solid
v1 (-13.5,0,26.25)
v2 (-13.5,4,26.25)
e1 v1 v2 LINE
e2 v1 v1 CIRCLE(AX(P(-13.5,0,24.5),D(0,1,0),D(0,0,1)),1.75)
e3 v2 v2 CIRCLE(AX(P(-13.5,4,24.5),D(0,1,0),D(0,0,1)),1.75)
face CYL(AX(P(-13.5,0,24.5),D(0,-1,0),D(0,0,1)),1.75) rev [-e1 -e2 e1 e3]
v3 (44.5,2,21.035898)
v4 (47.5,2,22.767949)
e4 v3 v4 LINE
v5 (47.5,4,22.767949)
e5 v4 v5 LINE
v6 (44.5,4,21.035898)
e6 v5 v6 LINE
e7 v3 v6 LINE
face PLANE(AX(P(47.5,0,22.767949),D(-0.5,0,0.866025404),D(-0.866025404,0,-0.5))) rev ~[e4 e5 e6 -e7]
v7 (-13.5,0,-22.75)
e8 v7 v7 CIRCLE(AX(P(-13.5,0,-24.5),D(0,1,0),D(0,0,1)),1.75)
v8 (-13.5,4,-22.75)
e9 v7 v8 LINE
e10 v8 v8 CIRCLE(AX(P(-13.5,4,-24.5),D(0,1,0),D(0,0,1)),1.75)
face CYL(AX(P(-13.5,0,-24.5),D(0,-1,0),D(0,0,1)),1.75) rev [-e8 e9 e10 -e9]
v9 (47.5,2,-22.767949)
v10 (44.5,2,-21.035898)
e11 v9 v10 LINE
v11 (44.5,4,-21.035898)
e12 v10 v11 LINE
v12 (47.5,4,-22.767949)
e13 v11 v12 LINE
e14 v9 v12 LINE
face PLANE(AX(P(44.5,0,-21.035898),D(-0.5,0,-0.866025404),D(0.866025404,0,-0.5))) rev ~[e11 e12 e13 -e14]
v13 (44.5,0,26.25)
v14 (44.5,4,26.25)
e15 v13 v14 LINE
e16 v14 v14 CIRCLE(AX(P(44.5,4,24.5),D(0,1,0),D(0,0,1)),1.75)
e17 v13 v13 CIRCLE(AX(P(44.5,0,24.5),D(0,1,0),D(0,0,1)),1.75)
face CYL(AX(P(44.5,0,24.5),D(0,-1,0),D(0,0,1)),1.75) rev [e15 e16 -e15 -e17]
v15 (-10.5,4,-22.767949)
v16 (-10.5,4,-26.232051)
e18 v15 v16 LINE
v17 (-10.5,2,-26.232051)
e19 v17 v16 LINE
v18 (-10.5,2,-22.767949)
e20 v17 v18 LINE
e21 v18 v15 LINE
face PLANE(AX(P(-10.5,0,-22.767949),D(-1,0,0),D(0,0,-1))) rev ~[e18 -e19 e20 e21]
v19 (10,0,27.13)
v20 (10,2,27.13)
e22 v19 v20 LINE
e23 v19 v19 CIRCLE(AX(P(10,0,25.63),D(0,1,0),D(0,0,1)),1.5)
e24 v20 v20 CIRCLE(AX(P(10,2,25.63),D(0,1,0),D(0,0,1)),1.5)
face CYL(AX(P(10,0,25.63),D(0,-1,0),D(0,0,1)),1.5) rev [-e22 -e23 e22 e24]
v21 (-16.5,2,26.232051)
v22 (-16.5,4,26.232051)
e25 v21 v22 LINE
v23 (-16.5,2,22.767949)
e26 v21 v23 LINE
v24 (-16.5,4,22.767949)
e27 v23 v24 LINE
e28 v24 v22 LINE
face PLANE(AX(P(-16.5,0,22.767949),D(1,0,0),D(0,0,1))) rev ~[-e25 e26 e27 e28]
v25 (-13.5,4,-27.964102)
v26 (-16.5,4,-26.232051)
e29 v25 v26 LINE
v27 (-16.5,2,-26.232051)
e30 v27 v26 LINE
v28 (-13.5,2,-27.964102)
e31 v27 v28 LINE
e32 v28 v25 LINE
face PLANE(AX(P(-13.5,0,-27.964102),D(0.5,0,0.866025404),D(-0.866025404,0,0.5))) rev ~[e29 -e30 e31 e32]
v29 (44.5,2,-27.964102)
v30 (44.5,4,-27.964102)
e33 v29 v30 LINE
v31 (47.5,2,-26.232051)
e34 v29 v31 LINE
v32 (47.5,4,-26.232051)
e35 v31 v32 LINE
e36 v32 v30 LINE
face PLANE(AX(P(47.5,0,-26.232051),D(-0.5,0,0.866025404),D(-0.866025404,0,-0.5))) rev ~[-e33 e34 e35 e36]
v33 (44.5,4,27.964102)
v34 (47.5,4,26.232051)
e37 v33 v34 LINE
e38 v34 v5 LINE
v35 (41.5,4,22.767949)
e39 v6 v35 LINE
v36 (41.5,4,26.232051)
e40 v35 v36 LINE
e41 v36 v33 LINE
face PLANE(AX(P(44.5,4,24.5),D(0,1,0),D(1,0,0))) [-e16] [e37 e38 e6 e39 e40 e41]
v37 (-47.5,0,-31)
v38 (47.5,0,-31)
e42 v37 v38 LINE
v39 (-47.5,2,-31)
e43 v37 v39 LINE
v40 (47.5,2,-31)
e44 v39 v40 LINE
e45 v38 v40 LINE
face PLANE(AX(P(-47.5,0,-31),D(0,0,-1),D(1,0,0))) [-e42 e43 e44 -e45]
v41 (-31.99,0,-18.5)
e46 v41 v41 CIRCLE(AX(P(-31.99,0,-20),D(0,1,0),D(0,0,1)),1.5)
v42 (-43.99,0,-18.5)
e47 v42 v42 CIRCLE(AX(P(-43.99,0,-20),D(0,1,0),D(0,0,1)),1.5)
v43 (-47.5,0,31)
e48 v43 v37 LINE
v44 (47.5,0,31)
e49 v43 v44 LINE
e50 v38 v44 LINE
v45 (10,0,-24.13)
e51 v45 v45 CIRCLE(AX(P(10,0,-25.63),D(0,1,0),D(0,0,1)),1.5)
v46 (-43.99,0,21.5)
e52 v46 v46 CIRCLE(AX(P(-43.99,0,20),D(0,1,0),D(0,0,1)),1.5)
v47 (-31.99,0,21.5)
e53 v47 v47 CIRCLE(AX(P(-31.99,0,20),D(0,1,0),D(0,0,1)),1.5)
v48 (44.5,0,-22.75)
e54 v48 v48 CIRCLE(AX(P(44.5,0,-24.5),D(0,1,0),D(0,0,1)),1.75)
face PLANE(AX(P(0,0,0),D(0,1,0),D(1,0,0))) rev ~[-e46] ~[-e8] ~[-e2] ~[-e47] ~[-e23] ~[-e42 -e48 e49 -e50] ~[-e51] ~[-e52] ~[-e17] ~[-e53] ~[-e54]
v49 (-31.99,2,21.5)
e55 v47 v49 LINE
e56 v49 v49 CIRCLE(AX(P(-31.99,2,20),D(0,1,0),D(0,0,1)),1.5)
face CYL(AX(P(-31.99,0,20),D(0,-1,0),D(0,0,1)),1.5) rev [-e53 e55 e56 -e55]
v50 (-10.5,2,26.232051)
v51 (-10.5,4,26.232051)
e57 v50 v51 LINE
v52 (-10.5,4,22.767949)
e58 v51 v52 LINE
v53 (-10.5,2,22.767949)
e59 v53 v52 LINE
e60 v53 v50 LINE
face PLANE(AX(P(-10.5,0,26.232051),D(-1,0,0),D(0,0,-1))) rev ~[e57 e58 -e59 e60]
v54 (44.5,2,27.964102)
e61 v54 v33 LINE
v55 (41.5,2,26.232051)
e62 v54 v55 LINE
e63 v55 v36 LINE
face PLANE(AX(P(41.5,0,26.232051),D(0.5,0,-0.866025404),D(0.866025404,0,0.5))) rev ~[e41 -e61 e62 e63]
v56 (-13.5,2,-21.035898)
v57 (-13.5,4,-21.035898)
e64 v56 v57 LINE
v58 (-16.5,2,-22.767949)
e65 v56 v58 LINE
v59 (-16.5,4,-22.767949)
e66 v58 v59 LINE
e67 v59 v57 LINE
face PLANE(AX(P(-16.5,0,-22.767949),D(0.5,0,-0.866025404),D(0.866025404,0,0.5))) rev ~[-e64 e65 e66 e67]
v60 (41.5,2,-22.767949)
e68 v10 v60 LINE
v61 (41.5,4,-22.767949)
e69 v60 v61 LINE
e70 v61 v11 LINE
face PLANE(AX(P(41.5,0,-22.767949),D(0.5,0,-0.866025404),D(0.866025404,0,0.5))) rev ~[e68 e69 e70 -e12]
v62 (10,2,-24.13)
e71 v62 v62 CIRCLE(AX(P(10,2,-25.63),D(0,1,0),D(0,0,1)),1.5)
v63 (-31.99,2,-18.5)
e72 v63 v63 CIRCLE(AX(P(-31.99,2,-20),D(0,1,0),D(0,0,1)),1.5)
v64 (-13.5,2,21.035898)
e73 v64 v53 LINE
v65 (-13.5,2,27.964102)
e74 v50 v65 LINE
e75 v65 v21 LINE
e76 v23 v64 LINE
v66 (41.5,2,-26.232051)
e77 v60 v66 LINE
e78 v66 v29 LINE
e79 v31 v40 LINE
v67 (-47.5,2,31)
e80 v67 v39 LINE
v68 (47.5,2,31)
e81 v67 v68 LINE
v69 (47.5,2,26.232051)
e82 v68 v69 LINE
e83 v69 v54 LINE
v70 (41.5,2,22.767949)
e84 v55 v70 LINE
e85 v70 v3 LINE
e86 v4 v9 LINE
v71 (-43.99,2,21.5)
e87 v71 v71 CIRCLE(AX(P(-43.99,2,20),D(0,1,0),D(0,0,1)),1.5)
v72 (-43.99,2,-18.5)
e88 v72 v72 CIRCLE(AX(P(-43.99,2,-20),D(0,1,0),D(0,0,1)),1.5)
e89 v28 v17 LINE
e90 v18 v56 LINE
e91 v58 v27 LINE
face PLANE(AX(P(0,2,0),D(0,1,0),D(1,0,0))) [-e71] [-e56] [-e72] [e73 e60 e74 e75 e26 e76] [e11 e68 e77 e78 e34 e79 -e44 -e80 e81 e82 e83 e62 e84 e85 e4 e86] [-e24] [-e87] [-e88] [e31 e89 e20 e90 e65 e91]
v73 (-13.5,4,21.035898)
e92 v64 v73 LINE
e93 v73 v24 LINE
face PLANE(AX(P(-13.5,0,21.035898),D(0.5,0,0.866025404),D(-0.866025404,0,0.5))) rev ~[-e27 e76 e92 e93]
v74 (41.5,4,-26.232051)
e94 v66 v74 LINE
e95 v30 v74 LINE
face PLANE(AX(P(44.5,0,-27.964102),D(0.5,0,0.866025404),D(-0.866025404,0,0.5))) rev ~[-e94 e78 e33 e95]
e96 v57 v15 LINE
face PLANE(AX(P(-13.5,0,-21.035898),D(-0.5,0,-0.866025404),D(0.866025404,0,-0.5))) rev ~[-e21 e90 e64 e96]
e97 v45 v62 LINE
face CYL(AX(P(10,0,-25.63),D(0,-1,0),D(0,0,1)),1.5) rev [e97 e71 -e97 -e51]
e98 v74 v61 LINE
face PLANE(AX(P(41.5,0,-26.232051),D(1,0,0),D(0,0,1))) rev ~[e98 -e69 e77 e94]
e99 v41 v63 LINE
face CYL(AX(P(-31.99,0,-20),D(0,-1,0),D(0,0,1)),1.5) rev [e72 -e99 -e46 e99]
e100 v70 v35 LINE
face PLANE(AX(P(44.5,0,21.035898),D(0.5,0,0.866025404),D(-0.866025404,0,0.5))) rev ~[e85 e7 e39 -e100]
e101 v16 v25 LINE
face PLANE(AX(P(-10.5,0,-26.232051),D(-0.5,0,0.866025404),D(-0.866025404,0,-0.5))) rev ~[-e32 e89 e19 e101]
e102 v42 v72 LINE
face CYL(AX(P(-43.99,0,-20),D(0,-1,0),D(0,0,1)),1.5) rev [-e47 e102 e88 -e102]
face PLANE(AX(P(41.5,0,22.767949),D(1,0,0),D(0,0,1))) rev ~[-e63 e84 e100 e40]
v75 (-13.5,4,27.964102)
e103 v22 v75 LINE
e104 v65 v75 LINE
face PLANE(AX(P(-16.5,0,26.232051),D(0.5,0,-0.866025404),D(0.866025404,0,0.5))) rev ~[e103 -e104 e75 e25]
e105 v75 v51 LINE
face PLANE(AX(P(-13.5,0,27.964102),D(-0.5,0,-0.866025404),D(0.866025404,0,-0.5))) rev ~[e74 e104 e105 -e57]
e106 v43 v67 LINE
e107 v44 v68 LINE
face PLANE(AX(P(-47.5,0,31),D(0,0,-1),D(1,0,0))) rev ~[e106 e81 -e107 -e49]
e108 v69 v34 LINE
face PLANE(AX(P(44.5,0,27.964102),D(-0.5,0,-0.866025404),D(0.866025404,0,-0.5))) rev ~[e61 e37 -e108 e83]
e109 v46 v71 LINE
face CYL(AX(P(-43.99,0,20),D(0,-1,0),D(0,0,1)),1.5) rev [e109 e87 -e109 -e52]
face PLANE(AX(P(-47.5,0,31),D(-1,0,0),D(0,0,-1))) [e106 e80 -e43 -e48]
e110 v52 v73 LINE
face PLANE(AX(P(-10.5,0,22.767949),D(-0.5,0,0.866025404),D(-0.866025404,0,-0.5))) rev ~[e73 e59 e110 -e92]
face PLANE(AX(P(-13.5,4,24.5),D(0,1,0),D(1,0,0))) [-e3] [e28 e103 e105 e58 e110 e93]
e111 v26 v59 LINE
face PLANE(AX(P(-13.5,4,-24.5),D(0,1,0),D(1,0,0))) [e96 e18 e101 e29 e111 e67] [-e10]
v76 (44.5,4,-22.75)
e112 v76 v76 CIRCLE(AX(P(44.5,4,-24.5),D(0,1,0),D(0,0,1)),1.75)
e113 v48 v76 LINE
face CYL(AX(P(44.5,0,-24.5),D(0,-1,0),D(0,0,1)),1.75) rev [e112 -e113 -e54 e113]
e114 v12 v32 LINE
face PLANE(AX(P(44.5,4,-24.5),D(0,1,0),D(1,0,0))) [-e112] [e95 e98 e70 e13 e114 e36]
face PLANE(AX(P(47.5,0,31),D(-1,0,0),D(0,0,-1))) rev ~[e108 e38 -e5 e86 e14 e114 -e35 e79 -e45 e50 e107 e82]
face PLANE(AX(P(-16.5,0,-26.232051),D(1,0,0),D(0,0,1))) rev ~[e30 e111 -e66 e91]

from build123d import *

# Parameters (mm, degrees)
CROQUIS1_W              = 95
CROQUIS1_H              = 62
CROQUIS1_R              = 1.5
CROQUIS1_R_2            = 1.75
SALIENTE_EXTRUIR1_DEPTH = 2
CROQUIS1_4_R            = 1.75
SALIENTE_EXTRUIR2_DEPTH = 4


with BuildPart() as part:
    # Croquis1 → Saliente-Extruir1 (new body)
    with BuildSketch(Plane(origin=(0, 0, 0), x_dir=(1, 0, 0), z_dir=(0, 1, 0))):
        Rectangle(CROQUIS1_W, CROQUIS1_H)
        with Locations((-43.99, -20)):
            Circle(CROQUIS1_R, mode=Mode.SUBTRACT)
        with Locations((-31.99, -20)):
            Circle(CROQUIS1_R, mode=Mode.SUBTRACT)
        with Locations((10, -25.63)):
            Circle(CROQUIS1_R, mode=Mode.SUBTRACT)
        with Locations((-43.99, 20)):
            Circle(CROQUIS1_R, mode=Mode.SUBTRACT)
        with Locations((-31.99, 20)):
            Circle(CROQUIS1_R, mode=Mode.SUBTRACT)
        with Locations((10, 25.63)):
            Circle(CROQUIS1_R, mode=Mode.SUBTRACT)
        with Locations((44.5, 24.5)):
            Circle(CROQUIS1_R_2, mode=Mode.SUBTRACT)
        with Locations((44.5, -24.5)):
            Circle(CROQUIS1_R_2, mode=Mode.SUBTRACT)
        with Locations((-13.5, -24.5)):
            Circle(CROQUIS1_R_2, mode=Mode.SUBTRACT)
        with Locations((-13.5, 24.5)):
            Circle(CROQUIS1_R_2, mode=Mode.SUBTRACT)
    extrude(amount=SALIENTE_EXTRUIR1_DEPTH)

    # Croquis1<4> → Saliente-Extruir2 (add)
    # profile 1 of 4: a face of its own
    with BuildSketch(Plane(origin=(0, 0, 0), x_dir=(1, 0, 0), z_dir=(0, 1, 0))):
        Polygon((47.5, 22.767949192), (47.5, 26.232050808), (44.5, 27.964101615), (41.5, 26.232050808), (41.5, 22.767949192), (44.5, 21.035898385), align=None)
        with Locations((44.5, 24.5)):
            Circle(CROQUIS1_4_R, mode=Mode.SUBTRACT)
    # profile 2 of 4: a face of its own
    with BuildSketch(Plane(origin=(0, 0, 0), x_dir=(1, 0, 0), z_dir=(0, 1, 0))):
        Polygon((44.5, -27.964101615), (47.5, -26.232050808), (47.5, -22.767949192), (44.5, -21.035898385), (41.5, -22.767949192), (41.5, -26.232050808), align=None)
        with Locations((44.5, -24.5)):
            Circle(CROQUIS1_4_R, mode=Mode.SUBTRACT)
    # profile 3 of 4: a face of its own
    with BuildSketch(Plane(origin=(0, 0, 0), x_dir=(1, 0, 0), z_dir=(0, 1, 0))):
        Polygon((-13.5, 21.035898385), (-10.5, 22.767949192), (-10.5, 26.232050808), (-13.5, 27.964101615), (-16.5, 26.232050808), (-16.5, 22.767949192), align=None)
        with Locations((-13.5, 24.5)):
            Circle(CROQUIS1_4_R, mode=Mode.SUBTRACT)
    # profile 4 of 4: a face of its own
    with BuildSketch(Plane(origin=(0, 0, 0), x_dir=(1, 0, 0), z_dir=(0, 1, 0))):
        Polygon((-13.5, -27.964101615), (-10.5, -26.232050808), (-10.5, -22.767949192), (-13.5, -21.035898385), (-16.5, -22.767949192), (-16.5, -26.232050808), align=None)
        with Locations((-13.5, -24.5)):
            Circle(CROQUIS1_4_R, mode=Mode.SUBTRACT)
    extrude(amount=SALIENTE_EXTRUIR2_DEPTH)


solid = part.part
